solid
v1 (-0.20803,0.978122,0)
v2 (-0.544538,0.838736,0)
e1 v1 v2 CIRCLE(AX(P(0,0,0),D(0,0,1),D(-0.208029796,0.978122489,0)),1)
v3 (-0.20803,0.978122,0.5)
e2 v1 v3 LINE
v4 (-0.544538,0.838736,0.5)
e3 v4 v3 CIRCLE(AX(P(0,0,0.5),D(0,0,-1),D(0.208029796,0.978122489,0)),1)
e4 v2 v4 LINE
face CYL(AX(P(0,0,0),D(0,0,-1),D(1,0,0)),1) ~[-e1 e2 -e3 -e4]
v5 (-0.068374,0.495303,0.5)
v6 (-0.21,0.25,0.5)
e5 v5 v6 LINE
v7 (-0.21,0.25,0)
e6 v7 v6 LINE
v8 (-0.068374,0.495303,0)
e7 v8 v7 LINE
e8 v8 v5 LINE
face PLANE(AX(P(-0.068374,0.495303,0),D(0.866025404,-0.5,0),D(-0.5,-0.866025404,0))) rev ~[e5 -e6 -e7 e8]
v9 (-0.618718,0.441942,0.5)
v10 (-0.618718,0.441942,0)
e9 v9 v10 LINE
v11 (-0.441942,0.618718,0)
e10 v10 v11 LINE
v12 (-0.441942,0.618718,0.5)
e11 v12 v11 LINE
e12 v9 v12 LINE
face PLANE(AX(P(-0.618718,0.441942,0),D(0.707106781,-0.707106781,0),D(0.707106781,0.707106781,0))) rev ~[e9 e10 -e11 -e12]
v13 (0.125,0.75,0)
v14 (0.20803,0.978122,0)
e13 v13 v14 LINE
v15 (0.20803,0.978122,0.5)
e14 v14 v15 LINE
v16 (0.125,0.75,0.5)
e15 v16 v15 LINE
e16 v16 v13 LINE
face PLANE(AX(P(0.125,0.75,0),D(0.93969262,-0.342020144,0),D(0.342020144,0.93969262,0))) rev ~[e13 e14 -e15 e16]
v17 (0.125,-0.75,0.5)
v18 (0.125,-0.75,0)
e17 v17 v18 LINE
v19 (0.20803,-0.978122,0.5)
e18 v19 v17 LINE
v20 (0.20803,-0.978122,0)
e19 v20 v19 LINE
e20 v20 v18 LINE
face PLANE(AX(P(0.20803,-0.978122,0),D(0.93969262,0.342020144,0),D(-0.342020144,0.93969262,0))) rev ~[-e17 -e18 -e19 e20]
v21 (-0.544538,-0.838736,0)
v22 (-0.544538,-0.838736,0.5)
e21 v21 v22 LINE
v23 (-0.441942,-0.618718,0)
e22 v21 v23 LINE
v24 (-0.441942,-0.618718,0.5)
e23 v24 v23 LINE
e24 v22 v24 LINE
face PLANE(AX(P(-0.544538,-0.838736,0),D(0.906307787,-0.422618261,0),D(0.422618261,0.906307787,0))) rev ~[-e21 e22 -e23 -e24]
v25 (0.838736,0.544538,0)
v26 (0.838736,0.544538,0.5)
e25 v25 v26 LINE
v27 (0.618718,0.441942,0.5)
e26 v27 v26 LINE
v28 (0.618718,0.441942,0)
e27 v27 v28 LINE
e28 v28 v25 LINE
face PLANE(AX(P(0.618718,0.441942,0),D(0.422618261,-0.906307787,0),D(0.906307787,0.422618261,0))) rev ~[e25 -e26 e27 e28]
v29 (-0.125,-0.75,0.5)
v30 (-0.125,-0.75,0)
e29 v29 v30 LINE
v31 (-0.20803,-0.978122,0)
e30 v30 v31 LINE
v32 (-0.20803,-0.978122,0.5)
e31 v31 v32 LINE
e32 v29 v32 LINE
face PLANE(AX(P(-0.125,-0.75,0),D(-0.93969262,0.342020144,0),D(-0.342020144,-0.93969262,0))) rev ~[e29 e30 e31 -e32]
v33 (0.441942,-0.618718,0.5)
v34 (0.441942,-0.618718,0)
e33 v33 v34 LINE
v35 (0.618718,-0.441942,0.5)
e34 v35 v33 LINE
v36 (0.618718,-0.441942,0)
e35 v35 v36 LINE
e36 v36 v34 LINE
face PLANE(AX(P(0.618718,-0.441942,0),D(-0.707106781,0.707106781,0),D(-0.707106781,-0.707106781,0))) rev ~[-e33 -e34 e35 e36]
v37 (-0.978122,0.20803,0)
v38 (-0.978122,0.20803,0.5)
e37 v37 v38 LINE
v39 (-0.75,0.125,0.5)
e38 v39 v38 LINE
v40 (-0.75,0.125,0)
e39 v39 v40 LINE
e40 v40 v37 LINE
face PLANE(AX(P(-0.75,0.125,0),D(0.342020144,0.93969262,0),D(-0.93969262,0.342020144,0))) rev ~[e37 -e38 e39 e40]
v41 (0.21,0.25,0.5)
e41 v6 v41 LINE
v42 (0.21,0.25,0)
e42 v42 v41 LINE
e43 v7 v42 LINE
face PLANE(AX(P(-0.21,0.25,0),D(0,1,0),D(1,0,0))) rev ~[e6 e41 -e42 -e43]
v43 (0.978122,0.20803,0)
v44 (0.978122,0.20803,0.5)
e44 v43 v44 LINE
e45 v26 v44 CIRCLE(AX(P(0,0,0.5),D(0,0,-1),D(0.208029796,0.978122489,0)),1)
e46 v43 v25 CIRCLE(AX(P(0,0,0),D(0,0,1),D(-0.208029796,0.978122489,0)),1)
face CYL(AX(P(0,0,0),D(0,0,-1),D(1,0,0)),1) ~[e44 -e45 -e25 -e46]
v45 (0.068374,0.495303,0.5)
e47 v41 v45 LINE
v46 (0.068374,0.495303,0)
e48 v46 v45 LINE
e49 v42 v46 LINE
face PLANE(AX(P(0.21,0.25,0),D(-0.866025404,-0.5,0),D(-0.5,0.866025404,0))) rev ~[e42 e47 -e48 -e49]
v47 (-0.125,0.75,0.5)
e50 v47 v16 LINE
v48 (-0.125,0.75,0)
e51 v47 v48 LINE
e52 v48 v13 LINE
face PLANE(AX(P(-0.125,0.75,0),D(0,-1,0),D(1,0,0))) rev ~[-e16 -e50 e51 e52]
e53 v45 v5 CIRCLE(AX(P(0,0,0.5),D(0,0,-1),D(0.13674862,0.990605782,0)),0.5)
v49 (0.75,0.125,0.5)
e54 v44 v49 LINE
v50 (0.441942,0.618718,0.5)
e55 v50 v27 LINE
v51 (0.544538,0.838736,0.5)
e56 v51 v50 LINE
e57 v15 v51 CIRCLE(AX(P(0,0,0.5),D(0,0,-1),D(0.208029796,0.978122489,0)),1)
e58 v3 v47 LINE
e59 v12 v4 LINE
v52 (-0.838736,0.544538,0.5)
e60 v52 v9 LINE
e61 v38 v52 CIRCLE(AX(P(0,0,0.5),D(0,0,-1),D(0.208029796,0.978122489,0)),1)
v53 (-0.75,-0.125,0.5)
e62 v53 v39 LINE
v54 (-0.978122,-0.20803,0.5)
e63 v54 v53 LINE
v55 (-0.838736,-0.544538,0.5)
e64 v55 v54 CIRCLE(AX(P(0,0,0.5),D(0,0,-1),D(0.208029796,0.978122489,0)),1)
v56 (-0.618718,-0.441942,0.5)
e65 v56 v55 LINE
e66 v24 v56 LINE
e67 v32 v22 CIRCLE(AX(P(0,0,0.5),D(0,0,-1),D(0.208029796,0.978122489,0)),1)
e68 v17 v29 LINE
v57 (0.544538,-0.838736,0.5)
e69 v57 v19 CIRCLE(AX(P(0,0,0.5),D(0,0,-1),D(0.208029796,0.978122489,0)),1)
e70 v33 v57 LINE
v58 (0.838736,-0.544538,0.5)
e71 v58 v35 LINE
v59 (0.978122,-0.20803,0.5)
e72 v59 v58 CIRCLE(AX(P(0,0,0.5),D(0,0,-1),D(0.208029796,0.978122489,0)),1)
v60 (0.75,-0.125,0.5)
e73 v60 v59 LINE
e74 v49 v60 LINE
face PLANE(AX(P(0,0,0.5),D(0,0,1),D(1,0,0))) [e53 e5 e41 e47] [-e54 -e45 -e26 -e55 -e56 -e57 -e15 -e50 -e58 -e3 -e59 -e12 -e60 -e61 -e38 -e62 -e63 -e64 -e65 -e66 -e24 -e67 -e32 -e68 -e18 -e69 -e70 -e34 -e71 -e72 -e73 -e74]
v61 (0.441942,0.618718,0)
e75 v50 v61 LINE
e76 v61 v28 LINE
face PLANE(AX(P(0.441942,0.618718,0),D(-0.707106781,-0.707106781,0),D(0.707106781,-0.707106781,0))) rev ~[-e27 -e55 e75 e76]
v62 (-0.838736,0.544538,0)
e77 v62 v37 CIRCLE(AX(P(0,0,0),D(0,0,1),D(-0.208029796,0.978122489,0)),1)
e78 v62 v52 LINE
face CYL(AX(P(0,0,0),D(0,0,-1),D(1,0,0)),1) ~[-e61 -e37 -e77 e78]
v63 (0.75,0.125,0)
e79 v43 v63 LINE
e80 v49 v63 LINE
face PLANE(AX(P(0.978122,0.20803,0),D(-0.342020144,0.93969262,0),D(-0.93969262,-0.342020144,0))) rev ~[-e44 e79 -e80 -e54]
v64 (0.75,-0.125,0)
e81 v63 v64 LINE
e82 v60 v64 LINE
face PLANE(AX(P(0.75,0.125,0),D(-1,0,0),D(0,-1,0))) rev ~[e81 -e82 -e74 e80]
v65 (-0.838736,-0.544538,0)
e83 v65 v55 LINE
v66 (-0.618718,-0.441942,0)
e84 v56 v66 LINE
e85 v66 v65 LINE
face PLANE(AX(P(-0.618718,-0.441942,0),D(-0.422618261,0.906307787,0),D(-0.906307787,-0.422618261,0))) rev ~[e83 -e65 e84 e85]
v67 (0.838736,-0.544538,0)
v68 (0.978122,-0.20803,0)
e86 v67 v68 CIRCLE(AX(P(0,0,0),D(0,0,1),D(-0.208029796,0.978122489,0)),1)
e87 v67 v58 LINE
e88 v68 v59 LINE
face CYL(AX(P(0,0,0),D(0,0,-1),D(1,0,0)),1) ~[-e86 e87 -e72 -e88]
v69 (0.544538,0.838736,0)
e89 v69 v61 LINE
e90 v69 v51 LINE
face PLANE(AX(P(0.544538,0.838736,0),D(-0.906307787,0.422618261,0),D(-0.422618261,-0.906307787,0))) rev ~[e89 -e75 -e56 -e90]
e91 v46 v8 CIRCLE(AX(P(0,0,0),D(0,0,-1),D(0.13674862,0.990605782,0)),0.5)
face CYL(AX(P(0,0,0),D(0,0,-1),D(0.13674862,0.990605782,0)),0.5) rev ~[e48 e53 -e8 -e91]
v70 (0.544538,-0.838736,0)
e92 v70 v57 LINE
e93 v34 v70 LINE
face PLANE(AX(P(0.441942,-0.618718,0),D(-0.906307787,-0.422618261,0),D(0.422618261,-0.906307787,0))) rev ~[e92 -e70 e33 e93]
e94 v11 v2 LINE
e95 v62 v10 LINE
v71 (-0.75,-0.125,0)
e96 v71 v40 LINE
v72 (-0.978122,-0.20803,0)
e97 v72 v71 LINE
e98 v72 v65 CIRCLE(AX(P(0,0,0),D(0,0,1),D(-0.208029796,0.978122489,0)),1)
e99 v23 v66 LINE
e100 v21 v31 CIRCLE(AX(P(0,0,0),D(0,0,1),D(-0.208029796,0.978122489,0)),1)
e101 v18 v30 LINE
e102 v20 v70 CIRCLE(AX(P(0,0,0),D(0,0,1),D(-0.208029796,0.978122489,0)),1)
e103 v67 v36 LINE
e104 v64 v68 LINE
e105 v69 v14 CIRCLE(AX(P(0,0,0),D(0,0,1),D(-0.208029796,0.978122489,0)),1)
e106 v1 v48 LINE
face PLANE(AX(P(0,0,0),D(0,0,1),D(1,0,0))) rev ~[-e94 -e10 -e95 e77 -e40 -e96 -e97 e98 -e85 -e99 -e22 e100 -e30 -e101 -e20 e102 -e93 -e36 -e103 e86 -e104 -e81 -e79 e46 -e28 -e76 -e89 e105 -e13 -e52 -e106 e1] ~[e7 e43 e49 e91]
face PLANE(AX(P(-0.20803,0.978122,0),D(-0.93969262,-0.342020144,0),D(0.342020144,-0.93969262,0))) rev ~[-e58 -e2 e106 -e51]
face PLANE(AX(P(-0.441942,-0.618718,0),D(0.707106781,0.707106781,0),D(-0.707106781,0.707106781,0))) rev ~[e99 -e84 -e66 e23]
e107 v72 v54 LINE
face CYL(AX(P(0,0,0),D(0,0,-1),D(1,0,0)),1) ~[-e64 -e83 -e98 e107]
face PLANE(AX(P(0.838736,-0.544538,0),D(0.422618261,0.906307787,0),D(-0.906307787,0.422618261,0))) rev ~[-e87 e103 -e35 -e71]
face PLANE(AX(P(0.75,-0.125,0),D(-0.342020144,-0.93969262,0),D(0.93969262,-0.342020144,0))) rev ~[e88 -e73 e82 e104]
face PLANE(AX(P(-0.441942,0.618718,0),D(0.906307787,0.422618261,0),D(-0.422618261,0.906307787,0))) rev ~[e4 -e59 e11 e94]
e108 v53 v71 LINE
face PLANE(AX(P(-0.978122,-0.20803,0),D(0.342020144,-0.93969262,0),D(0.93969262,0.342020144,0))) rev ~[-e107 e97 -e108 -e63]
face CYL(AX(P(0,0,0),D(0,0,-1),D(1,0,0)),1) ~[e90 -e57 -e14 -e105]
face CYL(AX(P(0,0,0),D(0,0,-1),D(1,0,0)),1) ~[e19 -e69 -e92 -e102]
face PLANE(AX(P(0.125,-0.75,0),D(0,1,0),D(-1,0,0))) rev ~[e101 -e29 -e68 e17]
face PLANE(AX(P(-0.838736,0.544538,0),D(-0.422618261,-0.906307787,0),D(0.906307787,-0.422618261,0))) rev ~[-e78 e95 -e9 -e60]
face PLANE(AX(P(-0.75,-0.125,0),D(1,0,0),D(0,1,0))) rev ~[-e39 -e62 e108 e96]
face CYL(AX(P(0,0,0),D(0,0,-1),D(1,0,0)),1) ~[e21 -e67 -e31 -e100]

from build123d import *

# Parameters (mm, degrees)
SKETCH1_R           = 1
BOSS_EXTRUDE2_DEPTH = 0.5
CUT_EXTRUDE1_DEPTH  = 2.5
CIRPATTERN1_COUNT   = 8


with BuildPart() as part:
    # Sketch1 → Boss-Extrude2 (new body)
    with BuildSketch(Plane.XY):
        Circle(SKETCH1_R)
        with BuildLine():
            ThreePointArc((0.06837431, 0.495302891), (0, -0.5), (-0.06837431, 0.495302891))
            Line((-0.06837431, 0.495302891), (-0.21, 0.25))
            Line((-0.21, 0.25), (0, 0.25))
            Line((0, 0.25), (0.21, 0.25))
            Line((0.21, 0.25), (0.06837431, 0.495302891))
        make_face(mode=Mode.SUBTRACT)
    extrude(amount=BOSS_EXTRUDE2_DEPTH)

    # Sketch1<4> → Cut-Extrude1 (cut, symmetric)
    with BuildSketch(Plane.XY):
        with BuildLine():
            Line((-0.125, 0.75), (0.125, 0.75))
            Line((0.125, 0.75), (0.208029796, 0.978122489))
            ThreePointArc((0.208029796, 0.978122489), (0, 1), (-0.208029796, 0.978122489))
            Line((-0.208029796, 0.978122489), (-0.125, 0.75))
        make_face()
    cut_extrude1 = extrude(amount=CUT_EXTRUDE1_DEPTH, both=True, mode=Mode.SUBTRACT)

    # CirPattern1: Cut-Extrude1 ×8 about axis
    cirpattern1_axis = Axis((0, 0, 0.5), (0, 0, -1))
    for i in range(1, CIRPATTERN1_COUNT):
        add(cut_extrude1.rotate(cirpattern1_axis, i * 360 / CIRPATTERN1_COUNT), mode=Mode.SUBTRACT)


solid = part.part
